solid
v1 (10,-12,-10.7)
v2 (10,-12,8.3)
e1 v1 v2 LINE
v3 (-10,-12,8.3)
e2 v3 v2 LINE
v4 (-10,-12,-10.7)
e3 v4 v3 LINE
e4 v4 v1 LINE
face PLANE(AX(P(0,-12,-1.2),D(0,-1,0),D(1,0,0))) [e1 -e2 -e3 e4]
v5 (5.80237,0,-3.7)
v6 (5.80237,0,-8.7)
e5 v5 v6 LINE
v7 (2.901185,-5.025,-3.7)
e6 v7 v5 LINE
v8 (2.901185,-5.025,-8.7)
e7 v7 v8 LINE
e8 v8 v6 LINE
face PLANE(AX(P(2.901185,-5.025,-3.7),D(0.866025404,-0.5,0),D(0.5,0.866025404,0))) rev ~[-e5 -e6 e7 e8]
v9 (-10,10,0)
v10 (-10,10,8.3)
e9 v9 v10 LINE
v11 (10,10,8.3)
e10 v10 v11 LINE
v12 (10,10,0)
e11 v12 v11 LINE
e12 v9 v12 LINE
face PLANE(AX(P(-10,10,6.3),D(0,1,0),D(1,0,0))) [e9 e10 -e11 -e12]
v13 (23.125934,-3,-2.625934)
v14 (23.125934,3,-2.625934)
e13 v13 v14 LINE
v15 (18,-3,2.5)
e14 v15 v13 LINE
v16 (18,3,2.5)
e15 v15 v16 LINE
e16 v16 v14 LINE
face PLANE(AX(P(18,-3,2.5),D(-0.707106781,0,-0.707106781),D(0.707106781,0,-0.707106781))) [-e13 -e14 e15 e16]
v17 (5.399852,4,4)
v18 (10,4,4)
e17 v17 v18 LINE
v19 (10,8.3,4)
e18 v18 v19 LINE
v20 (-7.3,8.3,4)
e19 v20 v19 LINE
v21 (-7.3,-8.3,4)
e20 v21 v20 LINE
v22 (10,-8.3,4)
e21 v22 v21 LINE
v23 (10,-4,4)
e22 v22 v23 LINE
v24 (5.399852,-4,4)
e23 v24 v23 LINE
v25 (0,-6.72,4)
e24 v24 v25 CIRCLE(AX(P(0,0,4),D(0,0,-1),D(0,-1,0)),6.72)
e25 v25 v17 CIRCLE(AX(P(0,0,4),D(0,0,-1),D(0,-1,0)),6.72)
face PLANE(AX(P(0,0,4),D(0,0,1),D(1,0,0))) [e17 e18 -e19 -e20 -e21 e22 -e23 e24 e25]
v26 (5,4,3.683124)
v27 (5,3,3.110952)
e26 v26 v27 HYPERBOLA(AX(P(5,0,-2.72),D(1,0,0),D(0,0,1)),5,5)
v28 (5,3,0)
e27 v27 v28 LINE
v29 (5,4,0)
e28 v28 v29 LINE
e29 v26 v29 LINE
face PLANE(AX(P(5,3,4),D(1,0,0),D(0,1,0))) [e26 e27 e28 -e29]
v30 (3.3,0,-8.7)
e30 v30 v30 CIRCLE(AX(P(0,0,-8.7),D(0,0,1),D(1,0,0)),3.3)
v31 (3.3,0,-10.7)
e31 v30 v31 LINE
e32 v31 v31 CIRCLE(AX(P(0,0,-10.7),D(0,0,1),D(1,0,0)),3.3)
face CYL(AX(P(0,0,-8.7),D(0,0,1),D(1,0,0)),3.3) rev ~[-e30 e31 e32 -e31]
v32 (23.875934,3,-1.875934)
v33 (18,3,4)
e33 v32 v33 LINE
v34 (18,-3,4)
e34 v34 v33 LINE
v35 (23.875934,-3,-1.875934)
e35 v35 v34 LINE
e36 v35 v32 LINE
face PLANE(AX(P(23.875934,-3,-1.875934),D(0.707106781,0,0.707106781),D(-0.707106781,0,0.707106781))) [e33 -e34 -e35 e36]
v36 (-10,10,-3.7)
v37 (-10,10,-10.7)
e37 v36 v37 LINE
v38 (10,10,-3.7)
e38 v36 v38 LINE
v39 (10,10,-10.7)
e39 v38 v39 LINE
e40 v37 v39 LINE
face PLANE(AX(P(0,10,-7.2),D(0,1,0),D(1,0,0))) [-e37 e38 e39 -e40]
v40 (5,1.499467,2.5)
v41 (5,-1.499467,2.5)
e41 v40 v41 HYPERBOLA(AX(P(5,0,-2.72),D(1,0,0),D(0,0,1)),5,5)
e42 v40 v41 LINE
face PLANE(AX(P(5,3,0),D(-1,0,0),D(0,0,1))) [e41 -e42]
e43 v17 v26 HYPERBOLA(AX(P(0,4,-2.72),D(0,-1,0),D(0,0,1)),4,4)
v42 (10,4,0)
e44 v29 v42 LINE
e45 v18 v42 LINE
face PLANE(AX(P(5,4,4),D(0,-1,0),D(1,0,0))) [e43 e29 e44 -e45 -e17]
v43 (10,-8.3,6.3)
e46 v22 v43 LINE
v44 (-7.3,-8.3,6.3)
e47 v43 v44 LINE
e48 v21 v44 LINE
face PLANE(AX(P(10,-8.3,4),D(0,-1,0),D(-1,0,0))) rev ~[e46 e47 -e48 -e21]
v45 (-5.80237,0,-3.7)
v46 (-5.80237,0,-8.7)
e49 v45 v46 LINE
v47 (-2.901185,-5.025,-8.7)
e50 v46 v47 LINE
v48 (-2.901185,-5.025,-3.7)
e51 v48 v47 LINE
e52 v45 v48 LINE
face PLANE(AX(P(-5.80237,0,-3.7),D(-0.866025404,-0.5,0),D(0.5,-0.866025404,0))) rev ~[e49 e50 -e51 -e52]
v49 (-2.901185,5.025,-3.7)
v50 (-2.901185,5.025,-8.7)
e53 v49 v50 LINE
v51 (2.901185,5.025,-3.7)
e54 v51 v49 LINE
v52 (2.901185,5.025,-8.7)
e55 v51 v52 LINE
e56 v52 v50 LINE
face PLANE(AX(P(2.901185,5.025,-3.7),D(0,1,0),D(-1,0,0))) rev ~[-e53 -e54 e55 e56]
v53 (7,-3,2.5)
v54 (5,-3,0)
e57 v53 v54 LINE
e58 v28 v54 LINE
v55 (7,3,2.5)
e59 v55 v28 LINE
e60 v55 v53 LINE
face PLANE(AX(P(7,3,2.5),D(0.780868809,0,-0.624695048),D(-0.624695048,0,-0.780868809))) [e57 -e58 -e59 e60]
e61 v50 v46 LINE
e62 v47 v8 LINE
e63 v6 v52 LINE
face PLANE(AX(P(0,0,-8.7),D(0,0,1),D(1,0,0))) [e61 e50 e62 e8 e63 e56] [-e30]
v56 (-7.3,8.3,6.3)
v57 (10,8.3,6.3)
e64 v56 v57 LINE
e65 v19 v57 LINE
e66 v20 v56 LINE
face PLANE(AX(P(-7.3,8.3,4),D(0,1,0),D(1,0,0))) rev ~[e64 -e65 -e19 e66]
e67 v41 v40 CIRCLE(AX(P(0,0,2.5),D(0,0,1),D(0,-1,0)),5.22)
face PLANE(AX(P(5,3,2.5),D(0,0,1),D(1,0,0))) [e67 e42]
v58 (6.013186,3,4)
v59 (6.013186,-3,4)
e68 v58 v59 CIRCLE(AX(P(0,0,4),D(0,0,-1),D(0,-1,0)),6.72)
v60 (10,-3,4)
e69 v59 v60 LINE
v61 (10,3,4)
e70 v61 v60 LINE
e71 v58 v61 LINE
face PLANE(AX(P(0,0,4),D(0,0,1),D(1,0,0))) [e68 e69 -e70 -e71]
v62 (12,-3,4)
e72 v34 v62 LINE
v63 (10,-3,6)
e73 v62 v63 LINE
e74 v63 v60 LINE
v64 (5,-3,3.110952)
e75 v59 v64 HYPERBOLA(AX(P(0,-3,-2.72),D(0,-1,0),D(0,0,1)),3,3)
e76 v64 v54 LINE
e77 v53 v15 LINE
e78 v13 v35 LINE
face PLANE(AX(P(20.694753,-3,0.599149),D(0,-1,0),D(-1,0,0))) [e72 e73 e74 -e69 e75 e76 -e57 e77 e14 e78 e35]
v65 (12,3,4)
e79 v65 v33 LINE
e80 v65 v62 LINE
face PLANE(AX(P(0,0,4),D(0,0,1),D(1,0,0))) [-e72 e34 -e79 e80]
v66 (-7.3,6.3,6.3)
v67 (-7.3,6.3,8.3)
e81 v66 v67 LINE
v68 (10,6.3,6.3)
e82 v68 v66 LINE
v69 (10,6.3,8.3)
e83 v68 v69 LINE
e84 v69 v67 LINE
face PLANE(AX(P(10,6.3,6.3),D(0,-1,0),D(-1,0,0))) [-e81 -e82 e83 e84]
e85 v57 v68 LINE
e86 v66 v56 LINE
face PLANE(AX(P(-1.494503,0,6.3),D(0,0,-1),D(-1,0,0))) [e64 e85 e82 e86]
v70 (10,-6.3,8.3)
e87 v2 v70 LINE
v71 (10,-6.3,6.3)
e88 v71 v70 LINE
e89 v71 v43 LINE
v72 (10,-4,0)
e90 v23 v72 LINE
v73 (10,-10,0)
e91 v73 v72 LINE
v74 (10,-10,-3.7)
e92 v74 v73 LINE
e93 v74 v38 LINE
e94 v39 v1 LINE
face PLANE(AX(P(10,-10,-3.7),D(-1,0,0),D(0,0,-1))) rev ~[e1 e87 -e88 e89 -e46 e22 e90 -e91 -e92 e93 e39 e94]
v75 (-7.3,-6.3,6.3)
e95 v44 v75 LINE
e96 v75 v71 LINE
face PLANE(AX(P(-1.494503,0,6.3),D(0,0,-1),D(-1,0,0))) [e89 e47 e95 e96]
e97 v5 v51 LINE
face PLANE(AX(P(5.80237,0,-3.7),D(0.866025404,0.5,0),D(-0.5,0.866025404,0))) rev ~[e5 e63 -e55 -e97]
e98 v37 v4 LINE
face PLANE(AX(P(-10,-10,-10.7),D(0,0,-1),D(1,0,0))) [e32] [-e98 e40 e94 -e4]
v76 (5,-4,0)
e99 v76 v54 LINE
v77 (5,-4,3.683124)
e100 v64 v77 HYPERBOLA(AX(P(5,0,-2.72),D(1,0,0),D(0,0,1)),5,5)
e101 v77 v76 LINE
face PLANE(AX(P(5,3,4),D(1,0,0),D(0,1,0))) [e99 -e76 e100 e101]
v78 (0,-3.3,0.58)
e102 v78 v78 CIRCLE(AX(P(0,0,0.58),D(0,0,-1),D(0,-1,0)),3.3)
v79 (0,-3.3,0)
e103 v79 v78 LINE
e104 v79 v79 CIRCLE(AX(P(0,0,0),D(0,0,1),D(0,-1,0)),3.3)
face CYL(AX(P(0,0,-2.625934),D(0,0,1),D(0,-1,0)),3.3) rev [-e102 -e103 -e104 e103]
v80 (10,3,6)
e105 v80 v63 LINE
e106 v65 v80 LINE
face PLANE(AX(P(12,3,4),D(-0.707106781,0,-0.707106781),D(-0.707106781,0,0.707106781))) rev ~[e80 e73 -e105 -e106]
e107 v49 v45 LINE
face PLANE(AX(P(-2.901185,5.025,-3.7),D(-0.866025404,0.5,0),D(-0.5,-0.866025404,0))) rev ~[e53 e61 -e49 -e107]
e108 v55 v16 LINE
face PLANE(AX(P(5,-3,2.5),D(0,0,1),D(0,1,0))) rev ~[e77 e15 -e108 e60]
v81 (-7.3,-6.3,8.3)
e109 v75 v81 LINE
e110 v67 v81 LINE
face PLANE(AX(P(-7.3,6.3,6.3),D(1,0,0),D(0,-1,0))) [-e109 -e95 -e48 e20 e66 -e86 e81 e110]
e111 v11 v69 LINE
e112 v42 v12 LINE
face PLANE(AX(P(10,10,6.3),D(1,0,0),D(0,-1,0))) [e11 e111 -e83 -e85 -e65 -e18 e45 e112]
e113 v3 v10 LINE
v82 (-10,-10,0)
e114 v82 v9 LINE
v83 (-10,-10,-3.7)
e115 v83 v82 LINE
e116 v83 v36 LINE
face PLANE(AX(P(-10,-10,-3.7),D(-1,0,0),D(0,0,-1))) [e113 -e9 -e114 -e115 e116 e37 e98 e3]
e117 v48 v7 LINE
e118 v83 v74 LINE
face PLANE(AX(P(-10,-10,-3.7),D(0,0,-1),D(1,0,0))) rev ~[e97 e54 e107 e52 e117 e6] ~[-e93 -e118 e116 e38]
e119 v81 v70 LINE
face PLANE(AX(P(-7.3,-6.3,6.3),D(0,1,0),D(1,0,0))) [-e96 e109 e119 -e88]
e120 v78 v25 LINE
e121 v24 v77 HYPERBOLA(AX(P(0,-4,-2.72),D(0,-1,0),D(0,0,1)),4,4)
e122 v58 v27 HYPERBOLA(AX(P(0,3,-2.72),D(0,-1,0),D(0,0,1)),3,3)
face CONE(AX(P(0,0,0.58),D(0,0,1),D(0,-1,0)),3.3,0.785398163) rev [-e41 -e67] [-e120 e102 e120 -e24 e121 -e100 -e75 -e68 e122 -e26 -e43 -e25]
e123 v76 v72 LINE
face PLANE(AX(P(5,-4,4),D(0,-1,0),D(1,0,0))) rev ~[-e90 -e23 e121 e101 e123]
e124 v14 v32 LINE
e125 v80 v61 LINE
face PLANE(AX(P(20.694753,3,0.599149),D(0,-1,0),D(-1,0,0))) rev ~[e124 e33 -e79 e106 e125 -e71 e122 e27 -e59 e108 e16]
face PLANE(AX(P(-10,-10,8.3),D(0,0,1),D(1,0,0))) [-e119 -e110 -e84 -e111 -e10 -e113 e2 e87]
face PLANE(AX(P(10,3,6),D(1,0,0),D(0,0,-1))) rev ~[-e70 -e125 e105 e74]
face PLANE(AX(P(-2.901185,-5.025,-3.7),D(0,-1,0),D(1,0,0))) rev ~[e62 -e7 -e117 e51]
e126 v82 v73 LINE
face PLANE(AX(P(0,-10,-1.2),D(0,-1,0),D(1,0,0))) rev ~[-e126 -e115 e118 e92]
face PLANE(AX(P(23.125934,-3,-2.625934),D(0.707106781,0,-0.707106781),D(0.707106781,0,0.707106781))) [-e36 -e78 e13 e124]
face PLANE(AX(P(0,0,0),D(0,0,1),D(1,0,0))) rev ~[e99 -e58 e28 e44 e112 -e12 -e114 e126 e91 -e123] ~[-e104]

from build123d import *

# Parameters (mm, degrees)
CROQUIS1_W               = 20
CROQUIS1_H               = 20
CROQUIS1_R               = 3.1
SALIENTE_EXTRUIR1_DEPTH  = 4
SALIENTE_EXTRUIR2_DEPTH  = 2.3
SALIENTE_EXTRUIR4_DEPTH  = 2
SALIENTE_EXTRUIR5_DEPTH  = 4
SALIENTE_EXTRUIR6_START  = -6
SALIENTE_EXTRUIR6_DEPTH  = 6
CROQUIS10_W              = 5
CROQUIS10_H              = 1
CORTAR_EXTRUIR2_DEPTH    = 4
CORTAR_EXTRUIR3_START    = -13
CROQUIS11_W              = 2.5
CROQUIS11_H              = 6
CORTAR_EXTRUIR3_DEPTH    = 13
SALIENTE_EXTRUIR7_START  = -6
SALIENTE_EXTRUIR7_DEPTH  = 6
CROQUIS14_W              = 20
CROQUIS14_H              = 19
SALIENTE_EXTRUIR8_DEPTH  = 2
CROQUIS15_W              = 20
CROQUIS15_H              = 7
SALIENTE_EXTRUIR9_DEPTH  = 20
CORTAR_EXTRUIR4_DEPTH    = 5
CROQUIS17_R              = 3.3
CORTAR_EXTRUIR5_DEPTH    = 2
SALIENTE_EXTRUIR10_START = -6
SALIENTE_EXTRUIR10_DEPTH = 6


with BuildPart() as part:
    # Croquis1 → Saliente-Extruir1 (new body)
    with BuildSketch(Plane.XY):
        Rectangle(CROQUIS1_W, CROQUIS1_H)
        Circle(CROQUIS1_R, mode=Mode.SUBTRACT)
    extrude(amount=SALIENTE_EXTRUIR1_DEPTH)

    # Croquis3 → Saliente-Extruir2 (add)
    with BuildSketch(Plane.XY.offset(4)):
        Polygon((10, 10), (-10, 10), (-10, -10), (10, -10), (10, -8.3), (-7.3, -8.3), (-7.3, 8.3), (10, 8.3), align=None)
    extrude(amount=SALIENTE_EXTRUIR2_DEPTH)

    # Croquis6 → Saliente-Extruir4 (add)
    with BuildSketch(Plane.XY.offset(6.3)):
        Polygon((10, 10), (10, 6.3), (-7.3, 6.3), (-7.3, -6.3), (10, -6.3), (10, -10), (-10, -10), (-10, 10), align=None)
    extrude(amount=SALIENTE_EXTRUIR4_DEPTH)

    # Croquis7 → Saliente-Extruir5 (add)
    with BuildSketch(Plane.XY.offset(4)):
        Polygon((10, 0), (10, 3), (18, 3), (18, 0), (18, -3), (10, -3), align=None)
    extrude(amount=-SALIENTE_EXTRUIR5_DEPTH)

    # Croquis9 → Saliente-Extruir6 (add)
    with BuildSketch(Plane.XZ.offset(3).offset(SALIENTE_EXTRUIR6_START)):
        Polygon((12, 4), (10, 6), (10, 4), align=None)
    extrude(amount=SALIENTE_EXTRUIR6_DEPTH)

    # Croquis10 → Cortar-Extruir2 (cut)
    with BuildSketch(Plane.XY.offset(4)):
        with Locations((7.5, 3.5)):
            Rectangle(CROQUIS10_W, CROQUIS10_H)
        with Locations((7.5, -3.5)):
            Rectangle(CROQUIS10_W, CROQUIS10_H)
    extrude(amount=-CORTAR_EXTRUIR2_DEPTH, mode=Mode.SUBTRACT)

    # Croquis11 → Cortar-Extruir3 (cut)
    with BuildSketch(Plane(origin=(18, 0, 0), x_dir=(0, 0, -1), z_dir=(1, 0, 0)).offset(CORTAR_EXTRUIR3_START)):
        with Locations((-1.25, 0)):
            Rectangle(CROQUIS11_W, CROQUIS11_H)
    extrude(amount=CORTAR_EXTRUIR3_DEPTH, mode=Mode.SUBTRACT)

    # Croquis12 → Saliente-Extruir7 (add)
    with BuildSketch(Plane(origin=(0, 3, 0), x_dir=(1, 0, 0), z_dir=(0, 1, 0)).offset(SALIENTE_EXTRUIR7_START)):
        Polygon((18, -2.5), (23.125934171, 2.625934171), (23.875934171, 1.875934171), (18, -4), align=None)
    extrude(amount=SALIENTE_EXTRUIR7_DEPTH)

    # Croquis13 → Refrentado para tornillo tapón con cabeza plana de clavija de M61 (revolve, cut)
    with BuildSketch(Plane(origin=(0, 0, 4), x_dir=(0, -1, 0), z_dir=(1, 0, 0))):
        Polygon((0, 0), (0, 6.625934171), (3.3, 6.625934171), (3.3, 3.42), (6.72, 0), align=None)
    revolve(axis=Axis((0, 0, 10.35), (0, 0, -1)), mode=Mode.SUBTRACT)

    # Croquis14 → Saliente-Extruir8 (add)
    with BuildSketch(Plane.XZ.offset(10)):
        with Locations((0, -1.2)):
            Rectangle(CROQUIS14_W, CROQUIS14_H)
    extrude(amount=SALIENTE_EXTRUIR8_DEPTH)

    # Croquis15 → Saliente-Extruir9 (add)
    with BuildSketch(Plane(origin=(0, -10, 0), x_dir=(1, 0, 0), z_dir=(0, 1, 0))):
        with Locations((0, 7.2)):
            Rectangle(CROQUIS15_W, CROQUIS15_H)
    extrude(amount=SALIENTE_EXTRUIR9_DEPTH)

    # Croquis16 → Cortar-Extruir4 (cut)
    with BuildSketch(Plane.XY.offset(-3.7)):
        Polygon((5.802370205, 0), (2.901185103, 5.025), (-2.901185103, 5.025), (-5.802370205, 0), (-2.901185103, -5.025), (2.901185103, -5.025), align=None)
    extrude(amount=-CORTAR_EXTRUIR4_DEPTH, mode=Mode.SUBTRACT)

    # Croquis17 → Cortar-Extruir5 (cut)
    with BuildSketch(Plane.XY.offset(-8.7)):
        Circle(CROQUIS17_R)
    extrude(amount=-CORTAR_EXTRUIR5_DEPTH, mode=Mode.SUBTRACT)

    # Croquis19 → Saliente-Extruir10 (add)
    with BuildSketch(Plane.XZ.offset(3).offset(SALIENTE_EXTRUIR10_START)):
        Polygon((5, 2.5), (7, 2.5), (5, 0), align=None)
    extrude(amount=SALIENTE_EXTRUIR10_DEPTH)


solid = part.part
